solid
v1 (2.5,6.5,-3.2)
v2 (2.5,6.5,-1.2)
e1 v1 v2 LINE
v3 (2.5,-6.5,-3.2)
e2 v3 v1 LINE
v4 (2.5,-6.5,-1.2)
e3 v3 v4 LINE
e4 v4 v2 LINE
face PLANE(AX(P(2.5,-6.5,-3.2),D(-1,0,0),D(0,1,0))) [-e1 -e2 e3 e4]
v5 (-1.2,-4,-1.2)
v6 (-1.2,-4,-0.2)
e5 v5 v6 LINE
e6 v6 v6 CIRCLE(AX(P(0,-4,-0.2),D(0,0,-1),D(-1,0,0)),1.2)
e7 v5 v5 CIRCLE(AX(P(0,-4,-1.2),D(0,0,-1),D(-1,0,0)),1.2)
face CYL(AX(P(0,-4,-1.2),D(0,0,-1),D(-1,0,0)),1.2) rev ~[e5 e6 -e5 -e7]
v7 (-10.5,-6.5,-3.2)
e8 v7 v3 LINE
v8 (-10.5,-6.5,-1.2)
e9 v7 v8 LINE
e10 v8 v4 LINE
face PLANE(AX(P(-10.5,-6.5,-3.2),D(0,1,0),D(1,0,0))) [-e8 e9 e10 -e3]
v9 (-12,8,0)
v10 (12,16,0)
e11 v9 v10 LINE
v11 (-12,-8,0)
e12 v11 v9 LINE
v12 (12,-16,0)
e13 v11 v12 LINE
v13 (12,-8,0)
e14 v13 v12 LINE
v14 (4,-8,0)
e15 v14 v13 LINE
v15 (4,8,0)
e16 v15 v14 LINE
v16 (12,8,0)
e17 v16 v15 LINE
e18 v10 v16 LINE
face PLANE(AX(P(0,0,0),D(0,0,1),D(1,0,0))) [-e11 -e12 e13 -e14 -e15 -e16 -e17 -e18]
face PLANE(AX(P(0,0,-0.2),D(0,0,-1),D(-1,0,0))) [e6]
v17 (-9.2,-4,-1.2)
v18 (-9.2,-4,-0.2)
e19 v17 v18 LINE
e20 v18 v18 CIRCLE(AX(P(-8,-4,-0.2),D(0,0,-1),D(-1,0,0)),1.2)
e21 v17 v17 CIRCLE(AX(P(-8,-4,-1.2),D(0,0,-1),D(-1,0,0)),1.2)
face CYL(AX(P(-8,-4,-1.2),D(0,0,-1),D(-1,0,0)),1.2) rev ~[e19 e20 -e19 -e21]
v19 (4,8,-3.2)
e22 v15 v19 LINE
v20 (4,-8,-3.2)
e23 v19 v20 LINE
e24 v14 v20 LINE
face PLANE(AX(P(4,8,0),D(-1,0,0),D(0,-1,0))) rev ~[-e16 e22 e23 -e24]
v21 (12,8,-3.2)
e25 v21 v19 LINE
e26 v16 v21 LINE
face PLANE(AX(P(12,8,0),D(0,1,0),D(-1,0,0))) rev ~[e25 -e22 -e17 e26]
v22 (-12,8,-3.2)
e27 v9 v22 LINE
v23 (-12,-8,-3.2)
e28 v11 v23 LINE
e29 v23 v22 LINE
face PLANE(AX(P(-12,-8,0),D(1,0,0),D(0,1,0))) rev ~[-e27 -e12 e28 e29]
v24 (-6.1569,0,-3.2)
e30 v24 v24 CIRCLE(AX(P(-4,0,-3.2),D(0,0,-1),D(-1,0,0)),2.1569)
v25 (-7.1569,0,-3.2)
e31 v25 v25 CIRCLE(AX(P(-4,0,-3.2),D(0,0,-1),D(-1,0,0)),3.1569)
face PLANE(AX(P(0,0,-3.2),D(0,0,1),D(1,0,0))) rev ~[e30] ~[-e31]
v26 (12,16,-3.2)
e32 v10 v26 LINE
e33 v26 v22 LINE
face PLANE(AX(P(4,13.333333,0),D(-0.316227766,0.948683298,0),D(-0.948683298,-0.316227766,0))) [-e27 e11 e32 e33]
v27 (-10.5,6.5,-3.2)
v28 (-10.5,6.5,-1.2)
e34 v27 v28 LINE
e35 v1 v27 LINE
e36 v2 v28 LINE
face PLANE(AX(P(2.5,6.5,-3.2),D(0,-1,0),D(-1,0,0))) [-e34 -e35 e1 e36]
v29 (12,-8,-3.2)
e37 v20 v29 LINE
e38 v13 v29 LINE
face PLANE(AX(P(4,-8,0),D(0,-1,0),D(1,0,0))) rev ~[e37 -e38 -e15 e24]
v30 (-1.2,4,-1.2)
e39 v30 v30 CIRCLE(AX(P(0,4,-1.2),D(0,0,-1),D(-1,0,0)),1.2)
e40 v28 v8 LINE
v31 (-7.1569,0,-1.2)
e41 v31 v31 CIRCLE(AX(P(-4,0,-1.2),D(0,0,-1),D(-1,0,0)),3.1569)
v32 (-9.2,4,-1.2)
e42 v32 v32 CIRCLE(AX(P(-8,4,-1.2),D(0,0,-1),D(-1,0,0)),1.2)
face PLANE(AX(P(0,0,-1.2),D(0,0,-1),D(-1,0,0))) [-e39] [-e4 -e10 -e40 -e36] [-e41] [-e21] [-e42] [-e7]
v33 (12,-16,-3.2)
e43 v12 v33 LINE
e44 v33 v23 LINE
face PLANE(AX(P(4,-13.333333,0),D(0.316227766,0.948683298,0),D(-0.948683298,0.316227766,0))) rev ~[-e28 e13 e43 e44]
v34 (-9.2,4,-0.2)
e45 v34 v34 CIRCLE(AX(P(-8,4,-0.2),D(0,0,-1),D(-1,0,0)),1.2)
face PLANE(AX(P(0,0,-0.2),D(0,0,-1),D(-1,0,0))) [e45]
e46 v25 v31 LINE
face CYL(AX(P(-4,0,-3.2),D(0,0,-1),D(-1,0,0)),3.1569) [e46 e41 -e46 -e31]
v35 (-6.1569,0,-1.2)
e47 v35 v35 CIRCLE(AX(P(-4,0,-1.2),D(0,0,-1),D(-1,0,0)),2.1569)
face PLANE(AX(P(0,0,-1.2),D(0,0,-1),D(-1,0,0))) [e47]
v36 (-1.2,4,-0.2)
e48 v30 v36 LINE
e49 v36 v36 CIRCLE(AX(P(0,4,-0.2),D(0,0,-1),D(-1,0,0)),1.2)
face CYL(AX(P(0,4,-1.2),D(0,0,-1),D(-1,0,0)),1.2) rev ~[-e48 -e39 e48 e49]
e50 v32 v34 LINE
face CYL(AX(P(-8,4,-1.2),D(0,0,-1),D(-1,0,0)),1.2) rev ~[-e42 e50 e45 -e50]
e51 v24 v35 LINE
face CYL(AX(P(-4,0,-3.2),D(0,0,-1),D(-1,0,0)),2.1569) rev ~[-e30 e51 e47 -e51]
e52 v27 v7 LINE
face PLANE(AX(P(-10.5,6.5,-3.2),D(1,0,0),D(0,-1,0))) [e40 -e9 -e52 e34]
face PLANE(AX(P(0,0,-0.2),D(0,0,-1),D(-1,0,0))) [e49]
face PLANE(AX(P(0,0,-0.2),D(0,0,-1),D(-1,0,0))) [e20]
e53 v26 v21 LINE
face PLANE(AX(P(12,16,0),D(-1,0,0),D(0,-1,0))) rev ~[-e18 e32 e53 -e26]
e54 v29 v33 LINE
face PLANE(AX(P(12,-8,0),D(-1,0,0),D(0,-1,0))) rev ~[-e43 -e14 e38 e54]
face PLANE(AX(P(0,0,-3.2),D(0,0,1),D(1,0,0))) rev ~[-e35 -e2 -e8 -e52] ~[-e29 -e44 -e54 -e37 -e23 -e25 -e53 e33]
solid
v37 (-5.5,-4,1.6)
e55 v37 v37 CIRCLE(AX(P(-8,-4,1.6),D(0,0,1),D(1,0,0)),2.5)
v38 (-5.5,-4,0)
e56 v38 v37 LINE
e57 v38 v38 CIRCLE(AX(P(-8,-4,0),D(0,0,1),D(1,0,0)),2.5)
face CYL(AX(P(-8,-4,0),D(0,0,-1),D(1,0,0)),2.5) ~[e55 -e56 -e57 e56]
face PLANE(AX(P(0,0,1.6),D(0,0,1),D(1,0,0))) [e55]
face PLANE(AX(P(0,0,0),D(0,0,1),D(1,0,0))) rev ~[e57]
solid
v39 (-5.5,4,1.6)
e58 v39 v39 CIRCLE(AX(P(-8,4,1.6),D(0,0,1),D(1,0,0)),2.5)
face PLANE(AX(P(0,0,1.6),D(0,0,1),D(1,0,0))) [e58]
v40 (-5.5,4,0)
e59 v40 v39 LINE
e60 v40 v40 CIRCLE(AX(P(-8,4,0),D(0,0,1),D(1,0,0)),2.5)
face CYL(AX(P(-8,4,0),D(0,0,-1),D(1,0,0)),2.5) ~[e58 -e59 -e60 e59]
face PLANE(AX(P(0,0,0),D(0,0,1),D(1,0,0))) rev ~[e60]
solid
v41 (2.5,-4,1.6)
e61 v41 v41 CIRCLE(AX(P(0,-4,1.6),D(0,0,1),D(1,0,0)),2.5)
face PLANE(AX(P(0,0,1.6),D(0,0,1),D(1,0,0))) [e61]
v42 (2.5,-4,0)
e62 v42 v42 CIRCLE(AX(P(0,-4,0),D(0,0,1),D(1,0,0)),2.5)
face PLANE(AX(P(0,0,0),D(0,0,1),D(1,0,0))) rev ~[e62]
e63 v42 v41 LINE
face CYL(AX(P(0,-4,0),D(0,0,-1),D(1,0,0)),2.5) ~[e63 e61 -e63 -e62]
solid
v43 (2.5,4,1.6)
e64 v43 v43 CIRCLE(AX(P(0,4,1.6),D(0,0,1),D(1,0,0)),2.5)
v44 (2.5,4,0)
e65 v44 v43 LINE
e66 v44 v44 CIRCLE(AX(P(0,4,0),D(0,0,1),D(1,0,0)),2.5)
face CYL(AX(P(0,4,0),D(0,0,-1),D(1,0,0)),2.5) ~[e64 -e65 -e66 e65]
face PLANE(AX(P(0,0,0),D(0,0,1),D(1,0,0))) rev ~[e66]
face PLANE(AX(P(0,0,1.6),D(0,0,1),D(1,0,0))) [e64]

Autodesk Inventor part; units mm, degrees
ref_plane "YZ Plane" through (0, 0, 0) normal (1, 0, 0) x (0, 1, 0)
ref_plane "XZ Plane" through (0, 0, 0) normal (0, 1, 0) x (-1, 0, 0)
ref_plane "XY Plane" through (0, 0, 0) normal (0, 0, 1) x (1, 0, 0)
sketch "Sketch1" plane through (0, 0, 0) normal (0, 0, 1) x (1, 0, 0)
  line L0 (-16.8, 0) -> (16.8, 0) construction
  line L1 (0, -22.4) -> (0, 22.4) construction
  line L2 (-12, 16) -> (12, 16)
  line L3 (12, 16) -> (12, -16)
  line L4 (12, -16) -> (-12, -16)
  line L5 (-12, -16) -> (-12, 16)
  line L6 (-8, 4) -> (0, 4) construction
  line L7 (0, 4) -> (0, -4) construction
  line L8 (0, -4) -> (-8, -4) construction
  line L9 (-8, -4) -> (-8, 4) construction
  circle A0 centre (-8, 4) radius 2.5
  circle A1 centre (0, 4) radius 2.5
  circle A2 centre (0, -4) radius 2.5
  circle A3 centre (-8, -4) radius 2.5
  line L10 (12, 8) -> (4, 8)
  line L11 (4, 16) -> (4, -16)
  line L12 (4, -8) -> (12, -8)
  line L13 (12, 16) -> (-12, 8)
  line L14 (12, -16) -> (-12, -8)
  line L15 (8, -12) -> (8, 12) construction
  line L16 (5.5, -14.5) -> (10.5, -14.5)
  line L17 (10.5, -14.5) -> (10.5, -9.5)
  line L18 (10.5, -9.5) -> (5.5, -9.5)
  line L19 (5.5, -9.5) -> (5.5, -14.5)
  line L20 (5.5, 9.5) -> (10.5, 9.5)
  line L21 (10.5, 9.5) -> (10.5, 14.5)
  line L22 (10.5, 14.5) -> (5.5, 14.5)
  line L23 (5.5, 14.5) -> (5.5, 9.5)
  line L24 (5.5, -9.5) -> (10.5, -14.5) construction
  line L25 (5.5, 9.5) -> (10.5, 14.5) construction
  point P0 (12, 0)
  point P1 (0, 16)
  point P2 (0, 0)
  point P3 (4, 0)
  point P4 (8, 0)
  point P5 (8, -8)
  dimension "d0" = 24
  dimension "d1" = 32
  dimension "d2" = 5
  dimension "d3" = 8
  dimension "d4" = 8
  dimension "d5" = 16
  dimension "d10" = 24
  dimension "d11" = 5
  dimension "d14" = 8
extrude "Extrusion1" add sketch "Sketch1" against normal blind 3.2 contours L13 L11 L14 L5 | L3 L10 L11 L13 L23 L20 L21 L22 | L22 L21 L20 L23 L13 | L11 L12 L3 L14 L16 L17 L18 L19 | L19 L18 L17 L16 L14 | A0 | A1 | A2 | A3
extrude "Extrusion2" add sketch "Sketch1" along normal blind 1.6 separate body contours A0 | A1 | A2 | A3
sketch "Sketch3" plane through (0, 0, -3.2) normal (0, 0, -1) x (-1, 0, 0)
  line L0 (-4, 8) -> (-12, 8) projected
  line L1 (-4, -8) -> (-4, 8) projected
  line L2 (-2.5, 6.5) -> (10.5, 6.5)
  line L3 (10.5, 6.5) -> (10.5, -6.5)
  line L4 (10.5, -6.5) -> (-2.5, -6.5)
  line L5 (-2.5, -6.5) -> (-2.5, 6.5)
  circle A0 centre (0, 4) radius 2.5 construction
  circle A1 centre (8, 4) radius 2.5 construction
  circle A2 centre (8, -4) radius 2.5 construction
  circle A3 centre (0, -4) radius 2.5 construction
  circle A4 centre (4, 0) radius 3.1569
  circle A5 centre (4, 0) radius 2.1569
  point P0 (0, 0)
  dimension "d20" = 13
  dimension "d21" = 13
  dimension "d22" = 1.5
  dimension "d23" = 1.5
  dimension "d24" = 1
extrude "Extrusion6" cut sketch "Sketch3" against normal blind 2 bodies 1
sketch "Sketch4" plane through (0, 0, -1.2) normal (0, 0, -1) x (-1, 0, 0)
  line L0 (-12, 16) -> (12, 8) projected
  line L1 (12, 8) -> (12, -8) projected
  line L2 (12, -8) -> (-12, -16) projected
  line L3 (-12, -16) -> (-12, -8) projected
  line L4 (-12, -8) -> (-4, -8) projected
  line L5 (-4, -8) -> (-4, 8) projected
  line L6 (-4, 8) -> (-12, 8) projected
  line L7 (-12, 8) -> (-12, 16) projected
  circle A0 centre (8, -4) radius 2.5 projected
  circle A1 centre (8, 4) radius 2.5 projected
  circle A2 centre (0, 4) radius 2.5 projected
  circle A3 centre (0, -4) radius 2.5 projected
  circle A4 centre (0, 4) radius 1.2
  circle A5 centre (8, 4) radius 1.2
  circle A6 centre (8, -4) radius 1.2
  circle A7 centre (0, -4) radius 1.2
  point P0 (0, 0)
  dimension "d27" = 2.4
  dimension "d28" = 2.4
  dimension "d29" = 2.4
  dimension "d30" = 2.4
extrude "Extrusion7" cut sketch "Sketch4" against normal blind 1 contours A4 | A5 | A6 | A7 bodies 1
equation "\"d28\" = d27"
equation "\"d29\" = d28"
equation "\"d30\" = d29"
properties part number "LEGO Brick 4859" material "Steel"
